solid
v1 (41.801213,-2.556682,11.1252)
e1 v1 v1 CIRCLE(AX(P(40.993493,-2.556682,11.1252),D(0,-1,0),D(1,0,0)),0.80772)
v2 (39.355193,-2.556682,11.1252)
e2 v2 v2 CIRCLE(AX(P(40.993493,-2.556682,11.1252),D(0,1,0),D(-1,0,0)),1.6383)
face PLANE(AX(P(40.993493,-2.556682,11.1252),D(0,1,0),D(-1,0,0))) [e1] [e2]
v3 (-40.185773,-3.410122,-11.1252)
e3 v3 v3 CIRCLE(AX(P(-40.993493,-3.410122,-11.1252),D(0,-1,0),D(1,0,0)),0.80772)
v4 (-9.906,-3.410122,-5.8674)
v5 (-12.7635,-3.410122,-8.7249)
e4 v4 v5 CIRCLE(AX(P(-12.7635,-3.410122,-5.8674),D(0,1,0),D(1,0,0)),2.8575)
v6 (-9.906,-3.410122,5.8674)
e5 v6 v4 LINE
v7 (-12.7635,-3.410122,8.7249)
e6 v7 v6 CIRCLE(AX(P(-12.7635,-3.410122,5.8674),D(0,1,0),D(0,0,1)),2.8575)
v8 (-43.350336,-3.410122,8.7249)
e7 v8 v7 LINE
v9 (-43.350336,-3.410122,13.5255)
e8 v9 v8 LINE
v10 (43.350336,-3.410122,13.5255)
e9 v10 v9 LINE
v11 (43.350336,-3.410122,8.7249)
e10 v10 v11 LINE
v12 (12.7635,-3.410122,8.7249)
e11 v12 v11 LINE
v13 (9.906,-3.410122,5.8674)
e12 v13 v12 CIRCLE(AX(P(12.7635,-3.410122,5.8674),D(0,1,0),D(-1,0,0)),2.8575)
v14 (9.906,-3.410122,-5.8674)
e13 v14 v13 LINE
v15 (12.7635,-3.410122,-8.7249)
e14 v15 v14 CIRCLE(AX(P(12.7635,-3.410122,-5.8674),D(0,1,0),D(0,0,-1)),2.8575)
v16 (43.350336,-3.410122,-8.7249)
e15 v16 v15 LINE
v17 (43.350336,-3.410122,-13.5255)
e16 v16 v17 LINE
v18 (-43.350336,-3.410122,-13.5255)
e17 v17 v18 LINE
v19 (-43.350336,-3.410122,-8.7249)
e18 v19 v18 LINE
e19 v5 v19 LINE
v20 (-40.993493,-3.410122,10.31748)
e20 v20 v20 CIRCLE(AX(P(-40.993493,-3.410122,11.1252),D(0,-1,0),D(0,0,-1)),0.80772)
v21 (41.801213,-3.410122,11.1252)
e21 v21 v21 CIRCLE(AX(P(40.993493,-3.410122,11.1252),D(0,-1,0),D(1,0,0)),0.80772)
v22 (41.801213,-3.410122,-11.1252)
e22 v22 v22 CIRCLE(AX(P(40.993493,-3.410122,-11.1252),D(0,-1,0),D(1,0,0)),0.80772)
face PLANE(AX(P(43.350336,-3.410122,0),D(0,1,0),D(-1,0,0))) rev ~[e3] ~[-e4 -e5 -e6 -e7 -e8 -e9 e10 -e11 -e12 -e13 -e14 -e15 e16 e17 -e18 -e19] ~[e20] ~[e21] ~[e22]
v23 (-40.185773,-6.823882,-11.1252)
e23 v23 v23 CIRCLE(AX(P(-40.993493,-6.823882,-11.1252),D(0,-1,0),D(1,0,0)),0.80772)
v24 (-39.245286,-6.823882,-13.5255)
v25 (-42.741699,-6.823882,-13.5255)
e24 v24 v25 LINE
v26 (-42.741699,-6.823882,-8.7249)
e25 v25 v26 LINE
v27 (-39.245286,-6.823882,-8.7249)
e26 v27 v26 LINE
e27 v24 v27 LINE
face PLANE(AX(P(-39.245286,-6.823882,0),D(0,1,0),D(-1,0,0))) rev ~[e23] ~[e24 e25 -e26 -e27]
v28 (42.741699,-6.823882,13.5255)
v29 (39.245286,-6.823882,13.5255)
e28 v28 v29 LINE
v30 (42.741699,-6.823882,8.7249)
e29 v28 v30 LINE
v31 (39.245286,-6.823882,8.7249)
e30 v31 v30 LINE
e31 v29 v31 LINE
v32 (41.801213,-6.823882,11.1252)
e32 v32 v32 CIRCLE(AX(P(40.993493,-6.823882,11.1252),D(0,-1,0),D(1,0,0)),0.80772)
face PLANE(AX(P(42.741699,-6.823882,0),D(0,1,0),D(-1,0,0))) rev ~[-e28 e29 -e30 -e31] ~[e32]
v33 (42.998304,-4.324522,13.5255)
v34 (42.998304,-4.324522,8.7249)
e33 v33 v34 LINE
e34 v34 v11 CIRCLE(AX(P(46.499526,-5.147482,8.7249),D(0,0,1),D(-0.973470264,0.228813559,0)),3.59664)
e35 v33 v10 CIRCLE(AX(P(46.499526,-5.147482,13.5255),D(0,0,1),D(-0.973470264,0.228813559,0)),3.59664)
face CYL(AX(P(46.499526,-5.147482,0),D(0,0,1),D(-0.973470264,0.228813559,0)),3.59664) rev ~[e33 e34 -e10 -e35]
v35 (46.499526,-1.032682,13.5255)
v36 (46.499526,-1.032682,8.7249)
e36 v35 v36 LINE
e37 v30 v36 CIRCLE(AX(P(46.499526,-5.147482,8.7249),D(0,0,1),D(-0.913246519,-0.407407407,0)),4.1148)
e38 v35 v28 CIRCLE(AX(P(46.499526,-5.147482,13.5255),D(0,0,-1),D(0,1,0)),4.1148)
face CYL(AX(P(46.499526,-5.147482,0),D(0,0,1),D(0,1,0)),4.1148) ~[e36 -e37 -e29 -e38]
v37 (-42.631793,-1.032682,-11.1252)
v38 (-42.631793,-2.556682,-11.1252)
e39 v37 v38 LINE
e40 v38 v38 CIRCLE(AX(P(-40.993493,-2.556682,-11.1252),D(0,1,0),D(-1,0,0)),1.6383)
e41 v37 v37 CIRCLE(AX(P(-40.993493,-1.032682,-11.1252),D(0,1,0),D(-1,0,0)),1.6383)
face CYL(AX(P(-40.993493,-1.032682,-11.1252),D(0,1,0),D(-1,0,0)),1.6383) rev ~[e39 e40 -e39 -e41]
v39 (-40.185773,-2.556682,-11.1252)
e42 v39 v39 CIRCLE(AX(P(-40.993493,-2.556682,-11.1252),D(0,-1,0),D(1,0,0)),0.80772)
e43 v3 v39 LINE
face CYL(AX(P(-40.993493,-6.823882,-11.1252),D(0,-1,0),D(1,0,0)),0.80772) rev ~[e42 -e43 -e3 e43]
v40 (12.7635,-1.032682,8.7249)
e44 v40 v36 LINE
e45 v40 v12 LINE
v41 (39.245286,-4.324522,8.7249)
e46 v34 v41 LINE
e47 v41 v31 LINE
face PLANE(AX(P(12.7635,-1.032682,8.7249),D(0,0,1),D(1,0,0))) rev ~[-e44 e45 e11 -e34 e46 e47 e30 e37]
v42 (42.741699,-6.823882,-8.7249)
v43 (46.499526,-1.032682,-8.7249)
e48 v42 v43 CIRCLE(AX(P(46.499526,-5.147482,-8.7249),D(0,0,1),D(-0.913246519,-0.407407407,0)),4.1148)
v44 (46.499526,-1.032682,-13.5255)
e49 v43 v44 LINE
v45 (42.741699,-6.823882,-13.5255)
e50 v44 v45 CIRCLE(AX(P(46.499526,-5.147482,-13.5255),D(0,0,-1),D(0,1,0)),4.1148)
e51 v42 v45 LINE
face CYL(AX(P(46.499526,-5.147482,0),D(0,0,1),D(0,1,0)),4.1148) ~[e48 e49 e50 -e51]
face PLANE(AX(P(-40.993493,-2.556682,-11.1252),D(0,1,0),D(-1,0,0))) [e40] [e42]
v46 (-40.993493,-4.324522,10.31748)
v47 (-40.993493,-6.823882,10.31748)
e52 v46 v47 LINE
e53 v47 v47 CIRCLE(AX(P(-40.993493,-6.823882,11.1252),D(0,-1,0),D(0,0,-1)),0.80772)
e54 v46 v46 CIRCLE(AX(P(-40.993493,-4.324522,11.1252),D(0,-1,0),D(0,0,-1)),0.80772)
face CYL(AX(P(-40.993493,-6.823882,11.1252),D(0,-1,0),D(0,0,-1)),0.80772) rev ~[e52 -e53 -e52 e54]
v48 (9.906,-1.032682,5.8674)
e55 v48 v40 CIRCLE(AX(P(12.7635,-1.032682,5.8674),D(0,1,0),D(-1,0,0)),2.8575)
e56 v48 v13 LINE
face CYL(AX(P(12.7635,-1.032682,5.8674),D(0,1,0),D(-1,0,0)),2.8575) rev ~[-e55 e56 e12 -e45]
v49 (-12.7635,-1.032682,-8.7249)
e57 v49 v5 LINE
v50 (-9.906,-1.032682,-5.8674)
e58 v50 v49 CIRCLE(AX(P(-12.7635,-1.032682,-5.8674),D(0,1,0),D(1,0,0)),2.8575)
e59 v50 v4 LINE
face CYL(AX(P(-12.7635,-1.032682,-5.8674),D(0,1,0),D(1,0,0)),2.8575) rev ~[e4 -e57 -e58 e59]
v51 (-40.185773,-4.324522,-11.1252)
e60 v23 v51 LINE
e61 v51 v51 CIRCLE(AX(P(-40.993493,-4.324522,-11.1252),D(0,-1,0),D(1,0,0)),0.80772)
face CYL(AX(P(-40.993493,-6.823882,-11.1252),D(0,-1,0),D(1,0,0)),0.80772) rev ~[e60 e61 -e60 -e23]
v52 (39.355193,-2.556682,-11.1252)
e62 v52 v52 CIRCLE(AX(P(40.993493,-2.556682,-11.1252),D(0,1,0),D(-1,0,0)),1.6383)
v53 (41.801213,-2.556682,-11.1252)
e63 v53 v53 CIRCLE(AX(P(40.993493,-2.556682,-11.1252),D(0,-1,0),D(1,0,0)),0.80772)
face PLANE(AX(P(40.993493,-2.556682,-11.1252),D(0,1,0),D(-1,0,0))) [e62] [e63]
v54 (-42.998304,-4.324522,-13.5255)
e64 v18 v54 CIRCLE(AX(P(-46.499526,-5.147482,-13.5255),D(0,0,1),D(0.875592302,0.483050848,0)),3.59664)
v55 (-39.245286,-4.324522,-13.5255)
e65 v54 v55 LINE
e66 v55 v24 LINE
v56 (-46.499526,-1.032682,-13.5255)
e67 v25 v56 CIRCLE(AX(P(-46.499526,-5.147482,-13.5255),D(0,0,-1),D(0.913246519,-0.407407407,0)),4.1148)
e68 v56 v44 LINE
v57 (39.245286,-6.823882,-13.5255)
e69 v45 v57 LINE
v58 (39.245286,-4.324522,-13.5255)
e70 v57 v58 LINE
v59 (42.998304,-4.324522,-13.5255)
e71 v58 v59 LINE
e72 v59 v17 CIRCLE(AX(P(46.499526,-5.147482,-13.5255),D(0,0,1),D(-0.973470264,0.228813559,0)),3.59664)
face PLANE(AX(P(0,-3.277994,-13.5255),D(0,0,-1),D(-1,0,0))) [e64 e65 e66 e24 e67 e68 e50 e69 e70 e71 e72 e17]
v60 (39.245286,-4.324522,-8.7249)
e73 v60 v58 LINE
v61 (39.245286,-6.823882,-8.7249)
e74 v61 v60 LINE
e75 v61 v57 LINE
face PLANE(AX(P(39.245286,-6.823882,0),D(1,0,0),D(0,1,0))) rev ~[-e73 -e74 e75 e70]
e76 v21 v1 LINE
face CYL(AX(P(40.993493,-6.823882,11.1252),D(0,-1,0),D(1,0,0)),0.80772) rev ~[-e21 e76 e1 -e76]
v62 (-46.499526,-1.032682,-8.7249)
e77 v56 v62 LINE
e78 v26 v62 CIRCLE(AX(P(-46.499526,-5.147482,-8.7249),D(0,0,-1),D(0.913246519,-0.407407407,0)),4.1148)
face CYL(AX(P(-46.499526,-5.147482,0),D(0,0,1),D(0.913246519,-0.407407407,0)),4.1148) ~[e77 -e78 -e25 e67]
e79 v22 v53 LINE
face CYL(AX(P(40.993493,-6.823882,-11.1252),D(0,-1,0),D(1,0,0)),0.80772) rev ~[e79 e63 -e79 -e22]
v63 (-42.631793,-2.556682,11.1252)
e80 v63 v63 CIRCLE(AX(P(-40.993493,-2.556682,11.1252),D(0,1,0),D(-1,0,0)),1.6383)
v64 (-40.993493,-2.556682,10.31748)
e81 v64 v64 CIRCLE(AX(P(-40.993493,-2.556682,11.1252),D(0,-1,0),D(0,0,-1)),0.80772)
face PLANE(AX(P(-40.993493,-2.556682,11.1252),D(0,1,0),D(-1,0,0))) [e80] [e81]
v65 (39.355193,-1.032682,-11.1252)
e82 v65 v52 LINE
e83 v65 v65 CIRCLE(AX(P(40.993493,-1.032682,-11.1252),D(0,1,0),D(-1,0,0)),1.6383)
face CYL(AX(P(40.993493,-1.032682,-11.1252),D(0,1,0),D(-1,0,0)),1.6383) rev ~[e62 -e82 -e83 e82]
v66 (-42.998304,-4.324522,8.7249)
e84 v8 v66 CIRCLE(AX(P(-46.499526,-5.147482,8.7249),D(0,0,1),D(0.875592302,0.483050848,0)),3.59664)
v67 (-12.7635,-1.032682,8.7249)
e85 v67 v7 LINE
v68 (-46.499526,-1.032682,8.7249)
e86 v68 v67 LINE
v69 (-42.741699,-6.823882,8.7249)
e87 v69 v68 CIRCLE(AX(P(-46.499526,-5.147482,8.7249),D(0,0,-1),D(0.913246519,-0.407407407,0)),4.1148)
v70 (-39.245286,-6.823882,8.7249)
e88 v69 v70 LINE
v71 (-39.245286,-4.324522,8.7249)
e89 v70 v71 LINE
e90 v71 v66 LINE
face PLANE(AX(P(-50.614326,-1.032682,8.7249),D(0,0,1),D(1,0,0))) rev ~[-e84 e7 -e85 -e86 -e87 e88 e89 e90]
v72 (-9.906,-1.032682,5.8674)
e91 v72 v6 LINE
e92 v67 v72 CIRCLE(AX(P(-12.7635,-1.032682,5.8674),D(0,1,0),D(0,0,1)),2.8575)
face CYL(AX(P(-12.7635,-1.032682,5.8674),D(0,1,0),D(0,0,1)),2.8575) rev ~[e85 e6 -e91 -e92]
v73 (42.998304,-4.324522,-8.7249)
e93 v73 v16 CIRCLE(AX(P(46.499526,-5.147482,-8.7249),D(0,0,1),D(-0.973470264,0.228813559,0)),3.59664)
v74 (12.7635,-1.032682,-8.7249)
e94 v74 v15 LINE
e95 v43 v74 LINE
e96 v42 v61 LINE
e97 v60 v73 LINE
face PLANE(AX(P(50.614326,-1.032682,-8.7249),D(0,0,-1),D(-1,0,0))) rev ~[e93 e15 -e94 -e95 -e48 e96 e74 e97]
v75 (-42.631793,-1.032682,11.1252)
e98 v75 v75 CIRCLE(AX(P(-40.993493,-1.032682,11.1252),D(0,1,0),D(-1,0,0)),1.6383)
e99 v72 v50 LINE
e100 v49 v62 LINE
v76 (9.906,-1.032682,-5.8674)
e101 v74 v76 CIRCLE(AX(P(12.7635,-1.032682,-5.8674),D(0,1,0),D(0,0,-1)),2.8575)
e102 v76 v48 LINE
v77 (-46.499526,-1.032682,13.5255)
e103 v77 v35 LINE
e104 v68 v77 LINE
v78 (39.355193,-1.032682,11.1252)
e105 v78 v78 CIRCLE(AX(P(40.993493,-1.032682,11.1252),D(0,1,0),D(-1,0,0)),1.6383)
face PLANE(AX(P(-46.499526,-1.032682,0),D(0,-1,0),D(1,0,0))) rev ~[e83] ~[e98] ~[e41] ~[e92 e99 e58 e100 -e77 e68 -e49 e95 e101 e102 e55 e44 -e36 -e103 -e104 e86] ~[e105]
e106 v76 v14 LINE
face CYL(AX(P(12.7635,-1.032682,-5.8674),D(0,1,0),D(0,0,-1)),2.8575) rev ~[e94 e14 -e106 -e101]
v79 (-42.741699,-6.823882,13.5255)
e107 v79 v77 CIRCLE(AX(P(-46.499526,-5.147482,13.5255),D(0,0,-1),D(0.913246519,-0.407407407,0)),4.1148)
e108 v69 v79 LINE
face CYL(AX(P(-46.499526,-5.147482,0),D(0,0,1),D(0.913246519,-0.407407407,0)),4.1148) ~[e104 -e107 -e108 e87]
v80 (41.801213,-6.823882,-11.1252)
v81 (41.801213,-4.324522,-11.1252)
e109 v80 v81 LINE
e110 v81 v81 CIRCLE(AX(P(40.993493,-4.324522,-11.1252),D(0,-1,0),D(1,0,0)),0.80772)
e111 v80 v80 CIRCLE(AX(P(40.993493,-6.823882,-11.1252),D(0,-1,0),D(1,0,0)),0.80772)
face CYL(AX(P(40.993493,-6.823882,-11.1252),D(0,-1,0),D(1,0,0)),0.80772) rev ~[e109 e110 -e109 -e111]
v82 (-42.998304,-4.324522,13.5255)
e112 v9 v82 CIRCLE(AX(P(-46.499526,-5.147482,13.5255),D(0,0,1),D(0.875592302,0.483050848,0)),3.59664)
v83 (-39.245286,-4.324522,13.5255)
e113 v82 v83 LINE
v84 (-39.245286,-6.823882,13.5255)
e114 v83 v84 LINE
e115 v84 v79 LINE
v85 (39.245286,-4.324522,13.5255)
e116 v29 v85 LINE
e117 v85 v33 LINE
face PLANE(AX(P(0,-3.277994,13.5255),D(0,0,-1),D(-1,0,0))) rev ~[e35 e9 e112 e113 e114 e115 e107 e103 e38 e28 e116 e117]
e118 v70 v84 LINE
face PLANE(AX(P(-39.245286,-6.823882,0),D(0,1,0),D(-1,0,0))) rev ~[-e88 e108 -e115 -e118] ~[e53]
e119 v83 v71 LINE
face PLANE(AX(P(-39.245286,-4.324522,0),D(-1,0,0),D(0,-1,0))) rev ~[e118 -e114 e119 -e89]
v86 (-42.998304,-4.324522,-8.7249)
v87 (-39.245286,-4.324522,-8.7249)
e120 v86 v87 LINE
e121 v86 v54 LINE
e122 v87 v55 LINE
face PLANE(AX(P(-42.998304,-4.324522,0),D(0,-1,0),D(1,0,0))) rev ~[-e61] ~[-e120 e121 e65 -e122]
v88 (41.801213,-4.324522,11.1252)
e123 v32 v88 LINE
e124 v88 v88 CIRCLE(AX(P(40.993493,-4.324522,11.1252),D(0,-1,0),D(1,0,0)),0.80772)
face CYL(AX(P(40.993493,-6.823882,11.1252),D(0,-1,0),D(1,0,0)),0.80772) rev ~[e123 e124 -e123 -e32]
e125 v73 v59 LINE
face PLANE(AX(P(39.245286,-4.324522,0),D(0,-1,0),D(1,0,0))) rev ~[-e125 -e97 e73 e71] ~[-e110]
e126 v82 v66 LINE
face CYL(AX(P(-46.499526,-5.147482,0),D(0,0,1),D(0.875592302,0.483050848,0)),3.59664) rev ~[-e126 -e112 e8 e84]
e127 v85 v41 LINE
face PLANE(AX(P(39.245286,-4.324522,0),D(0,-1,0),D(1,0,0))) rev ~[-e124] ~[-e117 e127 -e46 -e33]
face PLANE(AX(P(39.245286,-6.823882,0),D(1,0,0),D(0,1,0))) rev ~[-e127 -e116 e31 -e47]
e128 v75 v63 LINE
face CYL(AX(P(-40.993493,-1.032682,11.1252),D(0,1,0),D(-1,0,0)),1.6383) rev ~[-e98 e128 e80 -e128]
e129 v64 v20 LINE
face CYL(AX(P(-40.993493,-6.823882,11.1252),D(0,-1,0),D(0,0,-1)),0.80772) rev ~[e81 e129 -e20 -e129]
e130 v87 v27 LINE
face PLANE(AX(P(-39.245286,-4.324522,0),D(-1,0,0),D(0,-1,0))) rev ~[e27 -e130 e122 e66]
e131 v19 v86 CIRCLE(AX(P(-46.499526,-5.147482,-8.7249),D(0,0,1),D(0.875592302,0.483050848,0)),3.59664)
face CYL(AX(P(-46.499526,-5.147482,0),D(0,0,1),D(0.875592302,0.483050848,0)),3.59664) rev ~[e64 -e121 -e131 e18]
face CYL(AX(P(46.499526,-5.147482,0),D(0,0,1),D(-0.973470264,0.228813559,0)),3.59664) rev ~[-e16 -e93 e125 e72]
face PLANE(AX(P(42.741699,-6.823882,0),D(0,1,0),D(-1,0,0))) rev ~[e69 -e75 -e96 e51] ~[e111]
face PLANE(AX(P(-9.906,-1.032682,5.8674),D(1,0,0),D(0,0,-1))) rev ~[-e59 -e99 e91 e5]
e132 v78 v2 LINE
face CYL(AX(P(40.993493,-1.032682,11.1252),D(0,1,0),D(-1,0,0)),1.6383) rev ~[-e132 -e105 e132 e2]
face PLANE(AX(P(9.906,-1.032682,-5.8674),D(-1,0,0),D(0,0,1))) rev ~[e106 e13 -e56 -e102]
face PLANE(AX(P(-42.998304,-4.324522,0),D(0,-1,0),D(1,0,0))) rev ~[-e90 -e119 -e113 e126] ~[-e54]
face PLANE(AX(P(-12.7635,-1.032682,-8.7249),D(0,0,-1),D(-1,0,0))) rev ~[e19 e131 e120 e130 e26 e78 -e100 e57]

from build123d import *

# Parameters (mm, degrees)
BOSS_EXTRUDE1_DEPTH = 22.5425
CUT_EXTRUDE1_DEPTH  = 14.605
SKETCH3_R           = 1.3462
CUT_EXTRUDE2_DEPTH  = 11.1125
SKETCH4_R           = 2.7305
CUT_EXTRUDE3_DEPTH  = 2.54
SCALE1_SCALE        = 0.6


with BuildPart() as part:
    # Sketch1 → Boss-Extrude1 (new, symmetric)
    with BuildSketch(Plane.XY):
        with BuildLine():
            Line((-77.49921, 0), (77.49921, 0))
            ThreePointArc((77.49921, 0), (83.25218384, -10.591022368), (71.236165373, -9.652))
            Line((71.236165373, -9.652), (65.40881, -9.652))
            Line((65.40881, -9.652), (65.40881, -5.4864))
            Line((65.40881, -5.4864), (71.663839849, -5.4864))
            ThreePointArc((71.663839849, -5.4864), (83.093360732, -9.011673362), (72.250559507, -3.9624))
            Line((72.250559507, -3.9624), (-72.250559507, -3.9624))
            ThreePointArc((-72.250559507, -3.9624), (-83.093360732, -9.011673362), (-71.663839849, -5.4864))
            Line((-71.663839849, -5.4864), (-65.40881, -5.4864))
            Line((-65.40881, -5.4864), (-65.40881, -9.652))
            Line((-65.40881, -9.652), (-71.236165373, -9.652))
            ThreePointArc((-71.236165373, -9.652), (-83.25218384, -10.591022368), (-77.49921, 0))
        make_face()
    extrude(amount=BOSS_EXTRUDE1_DEPTH, both=True)

    # Sketch2 → Cut-Extrude1 (cut)
    with BuildSketch(Plane(origin=(0, 0, 0), x_dir=(1, 0, 0), z_dir=(0, 1, 0))):
        with BuildLine():
            Line((84.35721, -14.5415), (84.35721, 14.5415))
            Line((84.35721, 14.5415), (21.2725, 14.5415))
            ThreePointArc((21.2725, 14.5415), (17.904903955, 13.146596045), (16.51, 9.779))
            Line((16.51, 9.779), (16.51, -9.779))
            ThreePointArc((16.51, -9.779), (17.904903955, -13.146596045), (21.2725, -14.5415))
            Line((21.2725, -14.5415), (84.35721, -14.5415))
        make_face()
        with BuildLine():
            Line((-84.35721, 14.5415), (-84.35721, -14.5415))
            Line((-84.35721, -14.5415), (-21.2725, -14.5415))
            ThreePointArc((-21.2725, -14.5415), (-17.904903955, -13.146596045), (-16.51, -9.779))
            Line((-16.51, -9.779), (-16.51, 9.779))
            ThreePointArc((-16.51, 9.779), (-17.904903955, 13.146596045), (-21.2725, 14.5415))
            Line((-21.2725, 14.5415), (-84.35721, 14.5415))
        make_face()
    extrude(amount=-CUT_EXTRUDE1_DEPTH, mode=Mode.SUBTRACT)

    # Sketch3 → Cut-Extrude2 (cut, symmetric)
    with BuildSketch(Plane.XZ.offset(9.652)):
        with Locations((68.322487686, 18.542)):
            Circle(SKETCH3_R)
        with Locations((68.322487686, -18.542)):
            Circle(SKETCH3_R)
        with Locations((-68.322487686, -18.542)):
            Circle(SKETCH3_R)
        with Locations(Location((-68.322487686, 18.542, 0), (0, 0, 270))):
            Circle(SKETCH3_R)
    extrude(amount=CUT_EXTRUDE2_DEPTH, both=True, mode=Mode.SUBTRACT)

    # Sketch4 → Cut-Extrude3 (cut)
    with BuildSketch(Plane(origin=(0, 0, 0), x_dir=(1, 0, 0), z_dir=(0, 1, 0))):
        with Locations(Location((-68.322487686, 18.542, 0), (0, 0, 180))):
            Circle(SKETCH4_R)
        with Locations(Location((-68.322487686, -18.542, 0), (0, 0, 180))):
            Circle(SKETCH4_R)
        with Locations(Location((68.322487686, -18.542, 0), (0, 0, 180))):
            Circle(SKETCH4_R)
        with Locations(Location((68.322487686, 18.542, 0), (0, 0, 180))):
            Circle(SKETCH4_R)
    extrude(amount=-CUT_EXTRUDE3_DEPTH, mode=Mode.SUBTRACT)


with BuildPart() as part_1:
    # Scale1: scaled about (0, -2.581706213, 0)
    add(part.part.scale(SCALE1_SCALE).moved(Location((0, -1.032682485, 0))))


solid = part_1.part
